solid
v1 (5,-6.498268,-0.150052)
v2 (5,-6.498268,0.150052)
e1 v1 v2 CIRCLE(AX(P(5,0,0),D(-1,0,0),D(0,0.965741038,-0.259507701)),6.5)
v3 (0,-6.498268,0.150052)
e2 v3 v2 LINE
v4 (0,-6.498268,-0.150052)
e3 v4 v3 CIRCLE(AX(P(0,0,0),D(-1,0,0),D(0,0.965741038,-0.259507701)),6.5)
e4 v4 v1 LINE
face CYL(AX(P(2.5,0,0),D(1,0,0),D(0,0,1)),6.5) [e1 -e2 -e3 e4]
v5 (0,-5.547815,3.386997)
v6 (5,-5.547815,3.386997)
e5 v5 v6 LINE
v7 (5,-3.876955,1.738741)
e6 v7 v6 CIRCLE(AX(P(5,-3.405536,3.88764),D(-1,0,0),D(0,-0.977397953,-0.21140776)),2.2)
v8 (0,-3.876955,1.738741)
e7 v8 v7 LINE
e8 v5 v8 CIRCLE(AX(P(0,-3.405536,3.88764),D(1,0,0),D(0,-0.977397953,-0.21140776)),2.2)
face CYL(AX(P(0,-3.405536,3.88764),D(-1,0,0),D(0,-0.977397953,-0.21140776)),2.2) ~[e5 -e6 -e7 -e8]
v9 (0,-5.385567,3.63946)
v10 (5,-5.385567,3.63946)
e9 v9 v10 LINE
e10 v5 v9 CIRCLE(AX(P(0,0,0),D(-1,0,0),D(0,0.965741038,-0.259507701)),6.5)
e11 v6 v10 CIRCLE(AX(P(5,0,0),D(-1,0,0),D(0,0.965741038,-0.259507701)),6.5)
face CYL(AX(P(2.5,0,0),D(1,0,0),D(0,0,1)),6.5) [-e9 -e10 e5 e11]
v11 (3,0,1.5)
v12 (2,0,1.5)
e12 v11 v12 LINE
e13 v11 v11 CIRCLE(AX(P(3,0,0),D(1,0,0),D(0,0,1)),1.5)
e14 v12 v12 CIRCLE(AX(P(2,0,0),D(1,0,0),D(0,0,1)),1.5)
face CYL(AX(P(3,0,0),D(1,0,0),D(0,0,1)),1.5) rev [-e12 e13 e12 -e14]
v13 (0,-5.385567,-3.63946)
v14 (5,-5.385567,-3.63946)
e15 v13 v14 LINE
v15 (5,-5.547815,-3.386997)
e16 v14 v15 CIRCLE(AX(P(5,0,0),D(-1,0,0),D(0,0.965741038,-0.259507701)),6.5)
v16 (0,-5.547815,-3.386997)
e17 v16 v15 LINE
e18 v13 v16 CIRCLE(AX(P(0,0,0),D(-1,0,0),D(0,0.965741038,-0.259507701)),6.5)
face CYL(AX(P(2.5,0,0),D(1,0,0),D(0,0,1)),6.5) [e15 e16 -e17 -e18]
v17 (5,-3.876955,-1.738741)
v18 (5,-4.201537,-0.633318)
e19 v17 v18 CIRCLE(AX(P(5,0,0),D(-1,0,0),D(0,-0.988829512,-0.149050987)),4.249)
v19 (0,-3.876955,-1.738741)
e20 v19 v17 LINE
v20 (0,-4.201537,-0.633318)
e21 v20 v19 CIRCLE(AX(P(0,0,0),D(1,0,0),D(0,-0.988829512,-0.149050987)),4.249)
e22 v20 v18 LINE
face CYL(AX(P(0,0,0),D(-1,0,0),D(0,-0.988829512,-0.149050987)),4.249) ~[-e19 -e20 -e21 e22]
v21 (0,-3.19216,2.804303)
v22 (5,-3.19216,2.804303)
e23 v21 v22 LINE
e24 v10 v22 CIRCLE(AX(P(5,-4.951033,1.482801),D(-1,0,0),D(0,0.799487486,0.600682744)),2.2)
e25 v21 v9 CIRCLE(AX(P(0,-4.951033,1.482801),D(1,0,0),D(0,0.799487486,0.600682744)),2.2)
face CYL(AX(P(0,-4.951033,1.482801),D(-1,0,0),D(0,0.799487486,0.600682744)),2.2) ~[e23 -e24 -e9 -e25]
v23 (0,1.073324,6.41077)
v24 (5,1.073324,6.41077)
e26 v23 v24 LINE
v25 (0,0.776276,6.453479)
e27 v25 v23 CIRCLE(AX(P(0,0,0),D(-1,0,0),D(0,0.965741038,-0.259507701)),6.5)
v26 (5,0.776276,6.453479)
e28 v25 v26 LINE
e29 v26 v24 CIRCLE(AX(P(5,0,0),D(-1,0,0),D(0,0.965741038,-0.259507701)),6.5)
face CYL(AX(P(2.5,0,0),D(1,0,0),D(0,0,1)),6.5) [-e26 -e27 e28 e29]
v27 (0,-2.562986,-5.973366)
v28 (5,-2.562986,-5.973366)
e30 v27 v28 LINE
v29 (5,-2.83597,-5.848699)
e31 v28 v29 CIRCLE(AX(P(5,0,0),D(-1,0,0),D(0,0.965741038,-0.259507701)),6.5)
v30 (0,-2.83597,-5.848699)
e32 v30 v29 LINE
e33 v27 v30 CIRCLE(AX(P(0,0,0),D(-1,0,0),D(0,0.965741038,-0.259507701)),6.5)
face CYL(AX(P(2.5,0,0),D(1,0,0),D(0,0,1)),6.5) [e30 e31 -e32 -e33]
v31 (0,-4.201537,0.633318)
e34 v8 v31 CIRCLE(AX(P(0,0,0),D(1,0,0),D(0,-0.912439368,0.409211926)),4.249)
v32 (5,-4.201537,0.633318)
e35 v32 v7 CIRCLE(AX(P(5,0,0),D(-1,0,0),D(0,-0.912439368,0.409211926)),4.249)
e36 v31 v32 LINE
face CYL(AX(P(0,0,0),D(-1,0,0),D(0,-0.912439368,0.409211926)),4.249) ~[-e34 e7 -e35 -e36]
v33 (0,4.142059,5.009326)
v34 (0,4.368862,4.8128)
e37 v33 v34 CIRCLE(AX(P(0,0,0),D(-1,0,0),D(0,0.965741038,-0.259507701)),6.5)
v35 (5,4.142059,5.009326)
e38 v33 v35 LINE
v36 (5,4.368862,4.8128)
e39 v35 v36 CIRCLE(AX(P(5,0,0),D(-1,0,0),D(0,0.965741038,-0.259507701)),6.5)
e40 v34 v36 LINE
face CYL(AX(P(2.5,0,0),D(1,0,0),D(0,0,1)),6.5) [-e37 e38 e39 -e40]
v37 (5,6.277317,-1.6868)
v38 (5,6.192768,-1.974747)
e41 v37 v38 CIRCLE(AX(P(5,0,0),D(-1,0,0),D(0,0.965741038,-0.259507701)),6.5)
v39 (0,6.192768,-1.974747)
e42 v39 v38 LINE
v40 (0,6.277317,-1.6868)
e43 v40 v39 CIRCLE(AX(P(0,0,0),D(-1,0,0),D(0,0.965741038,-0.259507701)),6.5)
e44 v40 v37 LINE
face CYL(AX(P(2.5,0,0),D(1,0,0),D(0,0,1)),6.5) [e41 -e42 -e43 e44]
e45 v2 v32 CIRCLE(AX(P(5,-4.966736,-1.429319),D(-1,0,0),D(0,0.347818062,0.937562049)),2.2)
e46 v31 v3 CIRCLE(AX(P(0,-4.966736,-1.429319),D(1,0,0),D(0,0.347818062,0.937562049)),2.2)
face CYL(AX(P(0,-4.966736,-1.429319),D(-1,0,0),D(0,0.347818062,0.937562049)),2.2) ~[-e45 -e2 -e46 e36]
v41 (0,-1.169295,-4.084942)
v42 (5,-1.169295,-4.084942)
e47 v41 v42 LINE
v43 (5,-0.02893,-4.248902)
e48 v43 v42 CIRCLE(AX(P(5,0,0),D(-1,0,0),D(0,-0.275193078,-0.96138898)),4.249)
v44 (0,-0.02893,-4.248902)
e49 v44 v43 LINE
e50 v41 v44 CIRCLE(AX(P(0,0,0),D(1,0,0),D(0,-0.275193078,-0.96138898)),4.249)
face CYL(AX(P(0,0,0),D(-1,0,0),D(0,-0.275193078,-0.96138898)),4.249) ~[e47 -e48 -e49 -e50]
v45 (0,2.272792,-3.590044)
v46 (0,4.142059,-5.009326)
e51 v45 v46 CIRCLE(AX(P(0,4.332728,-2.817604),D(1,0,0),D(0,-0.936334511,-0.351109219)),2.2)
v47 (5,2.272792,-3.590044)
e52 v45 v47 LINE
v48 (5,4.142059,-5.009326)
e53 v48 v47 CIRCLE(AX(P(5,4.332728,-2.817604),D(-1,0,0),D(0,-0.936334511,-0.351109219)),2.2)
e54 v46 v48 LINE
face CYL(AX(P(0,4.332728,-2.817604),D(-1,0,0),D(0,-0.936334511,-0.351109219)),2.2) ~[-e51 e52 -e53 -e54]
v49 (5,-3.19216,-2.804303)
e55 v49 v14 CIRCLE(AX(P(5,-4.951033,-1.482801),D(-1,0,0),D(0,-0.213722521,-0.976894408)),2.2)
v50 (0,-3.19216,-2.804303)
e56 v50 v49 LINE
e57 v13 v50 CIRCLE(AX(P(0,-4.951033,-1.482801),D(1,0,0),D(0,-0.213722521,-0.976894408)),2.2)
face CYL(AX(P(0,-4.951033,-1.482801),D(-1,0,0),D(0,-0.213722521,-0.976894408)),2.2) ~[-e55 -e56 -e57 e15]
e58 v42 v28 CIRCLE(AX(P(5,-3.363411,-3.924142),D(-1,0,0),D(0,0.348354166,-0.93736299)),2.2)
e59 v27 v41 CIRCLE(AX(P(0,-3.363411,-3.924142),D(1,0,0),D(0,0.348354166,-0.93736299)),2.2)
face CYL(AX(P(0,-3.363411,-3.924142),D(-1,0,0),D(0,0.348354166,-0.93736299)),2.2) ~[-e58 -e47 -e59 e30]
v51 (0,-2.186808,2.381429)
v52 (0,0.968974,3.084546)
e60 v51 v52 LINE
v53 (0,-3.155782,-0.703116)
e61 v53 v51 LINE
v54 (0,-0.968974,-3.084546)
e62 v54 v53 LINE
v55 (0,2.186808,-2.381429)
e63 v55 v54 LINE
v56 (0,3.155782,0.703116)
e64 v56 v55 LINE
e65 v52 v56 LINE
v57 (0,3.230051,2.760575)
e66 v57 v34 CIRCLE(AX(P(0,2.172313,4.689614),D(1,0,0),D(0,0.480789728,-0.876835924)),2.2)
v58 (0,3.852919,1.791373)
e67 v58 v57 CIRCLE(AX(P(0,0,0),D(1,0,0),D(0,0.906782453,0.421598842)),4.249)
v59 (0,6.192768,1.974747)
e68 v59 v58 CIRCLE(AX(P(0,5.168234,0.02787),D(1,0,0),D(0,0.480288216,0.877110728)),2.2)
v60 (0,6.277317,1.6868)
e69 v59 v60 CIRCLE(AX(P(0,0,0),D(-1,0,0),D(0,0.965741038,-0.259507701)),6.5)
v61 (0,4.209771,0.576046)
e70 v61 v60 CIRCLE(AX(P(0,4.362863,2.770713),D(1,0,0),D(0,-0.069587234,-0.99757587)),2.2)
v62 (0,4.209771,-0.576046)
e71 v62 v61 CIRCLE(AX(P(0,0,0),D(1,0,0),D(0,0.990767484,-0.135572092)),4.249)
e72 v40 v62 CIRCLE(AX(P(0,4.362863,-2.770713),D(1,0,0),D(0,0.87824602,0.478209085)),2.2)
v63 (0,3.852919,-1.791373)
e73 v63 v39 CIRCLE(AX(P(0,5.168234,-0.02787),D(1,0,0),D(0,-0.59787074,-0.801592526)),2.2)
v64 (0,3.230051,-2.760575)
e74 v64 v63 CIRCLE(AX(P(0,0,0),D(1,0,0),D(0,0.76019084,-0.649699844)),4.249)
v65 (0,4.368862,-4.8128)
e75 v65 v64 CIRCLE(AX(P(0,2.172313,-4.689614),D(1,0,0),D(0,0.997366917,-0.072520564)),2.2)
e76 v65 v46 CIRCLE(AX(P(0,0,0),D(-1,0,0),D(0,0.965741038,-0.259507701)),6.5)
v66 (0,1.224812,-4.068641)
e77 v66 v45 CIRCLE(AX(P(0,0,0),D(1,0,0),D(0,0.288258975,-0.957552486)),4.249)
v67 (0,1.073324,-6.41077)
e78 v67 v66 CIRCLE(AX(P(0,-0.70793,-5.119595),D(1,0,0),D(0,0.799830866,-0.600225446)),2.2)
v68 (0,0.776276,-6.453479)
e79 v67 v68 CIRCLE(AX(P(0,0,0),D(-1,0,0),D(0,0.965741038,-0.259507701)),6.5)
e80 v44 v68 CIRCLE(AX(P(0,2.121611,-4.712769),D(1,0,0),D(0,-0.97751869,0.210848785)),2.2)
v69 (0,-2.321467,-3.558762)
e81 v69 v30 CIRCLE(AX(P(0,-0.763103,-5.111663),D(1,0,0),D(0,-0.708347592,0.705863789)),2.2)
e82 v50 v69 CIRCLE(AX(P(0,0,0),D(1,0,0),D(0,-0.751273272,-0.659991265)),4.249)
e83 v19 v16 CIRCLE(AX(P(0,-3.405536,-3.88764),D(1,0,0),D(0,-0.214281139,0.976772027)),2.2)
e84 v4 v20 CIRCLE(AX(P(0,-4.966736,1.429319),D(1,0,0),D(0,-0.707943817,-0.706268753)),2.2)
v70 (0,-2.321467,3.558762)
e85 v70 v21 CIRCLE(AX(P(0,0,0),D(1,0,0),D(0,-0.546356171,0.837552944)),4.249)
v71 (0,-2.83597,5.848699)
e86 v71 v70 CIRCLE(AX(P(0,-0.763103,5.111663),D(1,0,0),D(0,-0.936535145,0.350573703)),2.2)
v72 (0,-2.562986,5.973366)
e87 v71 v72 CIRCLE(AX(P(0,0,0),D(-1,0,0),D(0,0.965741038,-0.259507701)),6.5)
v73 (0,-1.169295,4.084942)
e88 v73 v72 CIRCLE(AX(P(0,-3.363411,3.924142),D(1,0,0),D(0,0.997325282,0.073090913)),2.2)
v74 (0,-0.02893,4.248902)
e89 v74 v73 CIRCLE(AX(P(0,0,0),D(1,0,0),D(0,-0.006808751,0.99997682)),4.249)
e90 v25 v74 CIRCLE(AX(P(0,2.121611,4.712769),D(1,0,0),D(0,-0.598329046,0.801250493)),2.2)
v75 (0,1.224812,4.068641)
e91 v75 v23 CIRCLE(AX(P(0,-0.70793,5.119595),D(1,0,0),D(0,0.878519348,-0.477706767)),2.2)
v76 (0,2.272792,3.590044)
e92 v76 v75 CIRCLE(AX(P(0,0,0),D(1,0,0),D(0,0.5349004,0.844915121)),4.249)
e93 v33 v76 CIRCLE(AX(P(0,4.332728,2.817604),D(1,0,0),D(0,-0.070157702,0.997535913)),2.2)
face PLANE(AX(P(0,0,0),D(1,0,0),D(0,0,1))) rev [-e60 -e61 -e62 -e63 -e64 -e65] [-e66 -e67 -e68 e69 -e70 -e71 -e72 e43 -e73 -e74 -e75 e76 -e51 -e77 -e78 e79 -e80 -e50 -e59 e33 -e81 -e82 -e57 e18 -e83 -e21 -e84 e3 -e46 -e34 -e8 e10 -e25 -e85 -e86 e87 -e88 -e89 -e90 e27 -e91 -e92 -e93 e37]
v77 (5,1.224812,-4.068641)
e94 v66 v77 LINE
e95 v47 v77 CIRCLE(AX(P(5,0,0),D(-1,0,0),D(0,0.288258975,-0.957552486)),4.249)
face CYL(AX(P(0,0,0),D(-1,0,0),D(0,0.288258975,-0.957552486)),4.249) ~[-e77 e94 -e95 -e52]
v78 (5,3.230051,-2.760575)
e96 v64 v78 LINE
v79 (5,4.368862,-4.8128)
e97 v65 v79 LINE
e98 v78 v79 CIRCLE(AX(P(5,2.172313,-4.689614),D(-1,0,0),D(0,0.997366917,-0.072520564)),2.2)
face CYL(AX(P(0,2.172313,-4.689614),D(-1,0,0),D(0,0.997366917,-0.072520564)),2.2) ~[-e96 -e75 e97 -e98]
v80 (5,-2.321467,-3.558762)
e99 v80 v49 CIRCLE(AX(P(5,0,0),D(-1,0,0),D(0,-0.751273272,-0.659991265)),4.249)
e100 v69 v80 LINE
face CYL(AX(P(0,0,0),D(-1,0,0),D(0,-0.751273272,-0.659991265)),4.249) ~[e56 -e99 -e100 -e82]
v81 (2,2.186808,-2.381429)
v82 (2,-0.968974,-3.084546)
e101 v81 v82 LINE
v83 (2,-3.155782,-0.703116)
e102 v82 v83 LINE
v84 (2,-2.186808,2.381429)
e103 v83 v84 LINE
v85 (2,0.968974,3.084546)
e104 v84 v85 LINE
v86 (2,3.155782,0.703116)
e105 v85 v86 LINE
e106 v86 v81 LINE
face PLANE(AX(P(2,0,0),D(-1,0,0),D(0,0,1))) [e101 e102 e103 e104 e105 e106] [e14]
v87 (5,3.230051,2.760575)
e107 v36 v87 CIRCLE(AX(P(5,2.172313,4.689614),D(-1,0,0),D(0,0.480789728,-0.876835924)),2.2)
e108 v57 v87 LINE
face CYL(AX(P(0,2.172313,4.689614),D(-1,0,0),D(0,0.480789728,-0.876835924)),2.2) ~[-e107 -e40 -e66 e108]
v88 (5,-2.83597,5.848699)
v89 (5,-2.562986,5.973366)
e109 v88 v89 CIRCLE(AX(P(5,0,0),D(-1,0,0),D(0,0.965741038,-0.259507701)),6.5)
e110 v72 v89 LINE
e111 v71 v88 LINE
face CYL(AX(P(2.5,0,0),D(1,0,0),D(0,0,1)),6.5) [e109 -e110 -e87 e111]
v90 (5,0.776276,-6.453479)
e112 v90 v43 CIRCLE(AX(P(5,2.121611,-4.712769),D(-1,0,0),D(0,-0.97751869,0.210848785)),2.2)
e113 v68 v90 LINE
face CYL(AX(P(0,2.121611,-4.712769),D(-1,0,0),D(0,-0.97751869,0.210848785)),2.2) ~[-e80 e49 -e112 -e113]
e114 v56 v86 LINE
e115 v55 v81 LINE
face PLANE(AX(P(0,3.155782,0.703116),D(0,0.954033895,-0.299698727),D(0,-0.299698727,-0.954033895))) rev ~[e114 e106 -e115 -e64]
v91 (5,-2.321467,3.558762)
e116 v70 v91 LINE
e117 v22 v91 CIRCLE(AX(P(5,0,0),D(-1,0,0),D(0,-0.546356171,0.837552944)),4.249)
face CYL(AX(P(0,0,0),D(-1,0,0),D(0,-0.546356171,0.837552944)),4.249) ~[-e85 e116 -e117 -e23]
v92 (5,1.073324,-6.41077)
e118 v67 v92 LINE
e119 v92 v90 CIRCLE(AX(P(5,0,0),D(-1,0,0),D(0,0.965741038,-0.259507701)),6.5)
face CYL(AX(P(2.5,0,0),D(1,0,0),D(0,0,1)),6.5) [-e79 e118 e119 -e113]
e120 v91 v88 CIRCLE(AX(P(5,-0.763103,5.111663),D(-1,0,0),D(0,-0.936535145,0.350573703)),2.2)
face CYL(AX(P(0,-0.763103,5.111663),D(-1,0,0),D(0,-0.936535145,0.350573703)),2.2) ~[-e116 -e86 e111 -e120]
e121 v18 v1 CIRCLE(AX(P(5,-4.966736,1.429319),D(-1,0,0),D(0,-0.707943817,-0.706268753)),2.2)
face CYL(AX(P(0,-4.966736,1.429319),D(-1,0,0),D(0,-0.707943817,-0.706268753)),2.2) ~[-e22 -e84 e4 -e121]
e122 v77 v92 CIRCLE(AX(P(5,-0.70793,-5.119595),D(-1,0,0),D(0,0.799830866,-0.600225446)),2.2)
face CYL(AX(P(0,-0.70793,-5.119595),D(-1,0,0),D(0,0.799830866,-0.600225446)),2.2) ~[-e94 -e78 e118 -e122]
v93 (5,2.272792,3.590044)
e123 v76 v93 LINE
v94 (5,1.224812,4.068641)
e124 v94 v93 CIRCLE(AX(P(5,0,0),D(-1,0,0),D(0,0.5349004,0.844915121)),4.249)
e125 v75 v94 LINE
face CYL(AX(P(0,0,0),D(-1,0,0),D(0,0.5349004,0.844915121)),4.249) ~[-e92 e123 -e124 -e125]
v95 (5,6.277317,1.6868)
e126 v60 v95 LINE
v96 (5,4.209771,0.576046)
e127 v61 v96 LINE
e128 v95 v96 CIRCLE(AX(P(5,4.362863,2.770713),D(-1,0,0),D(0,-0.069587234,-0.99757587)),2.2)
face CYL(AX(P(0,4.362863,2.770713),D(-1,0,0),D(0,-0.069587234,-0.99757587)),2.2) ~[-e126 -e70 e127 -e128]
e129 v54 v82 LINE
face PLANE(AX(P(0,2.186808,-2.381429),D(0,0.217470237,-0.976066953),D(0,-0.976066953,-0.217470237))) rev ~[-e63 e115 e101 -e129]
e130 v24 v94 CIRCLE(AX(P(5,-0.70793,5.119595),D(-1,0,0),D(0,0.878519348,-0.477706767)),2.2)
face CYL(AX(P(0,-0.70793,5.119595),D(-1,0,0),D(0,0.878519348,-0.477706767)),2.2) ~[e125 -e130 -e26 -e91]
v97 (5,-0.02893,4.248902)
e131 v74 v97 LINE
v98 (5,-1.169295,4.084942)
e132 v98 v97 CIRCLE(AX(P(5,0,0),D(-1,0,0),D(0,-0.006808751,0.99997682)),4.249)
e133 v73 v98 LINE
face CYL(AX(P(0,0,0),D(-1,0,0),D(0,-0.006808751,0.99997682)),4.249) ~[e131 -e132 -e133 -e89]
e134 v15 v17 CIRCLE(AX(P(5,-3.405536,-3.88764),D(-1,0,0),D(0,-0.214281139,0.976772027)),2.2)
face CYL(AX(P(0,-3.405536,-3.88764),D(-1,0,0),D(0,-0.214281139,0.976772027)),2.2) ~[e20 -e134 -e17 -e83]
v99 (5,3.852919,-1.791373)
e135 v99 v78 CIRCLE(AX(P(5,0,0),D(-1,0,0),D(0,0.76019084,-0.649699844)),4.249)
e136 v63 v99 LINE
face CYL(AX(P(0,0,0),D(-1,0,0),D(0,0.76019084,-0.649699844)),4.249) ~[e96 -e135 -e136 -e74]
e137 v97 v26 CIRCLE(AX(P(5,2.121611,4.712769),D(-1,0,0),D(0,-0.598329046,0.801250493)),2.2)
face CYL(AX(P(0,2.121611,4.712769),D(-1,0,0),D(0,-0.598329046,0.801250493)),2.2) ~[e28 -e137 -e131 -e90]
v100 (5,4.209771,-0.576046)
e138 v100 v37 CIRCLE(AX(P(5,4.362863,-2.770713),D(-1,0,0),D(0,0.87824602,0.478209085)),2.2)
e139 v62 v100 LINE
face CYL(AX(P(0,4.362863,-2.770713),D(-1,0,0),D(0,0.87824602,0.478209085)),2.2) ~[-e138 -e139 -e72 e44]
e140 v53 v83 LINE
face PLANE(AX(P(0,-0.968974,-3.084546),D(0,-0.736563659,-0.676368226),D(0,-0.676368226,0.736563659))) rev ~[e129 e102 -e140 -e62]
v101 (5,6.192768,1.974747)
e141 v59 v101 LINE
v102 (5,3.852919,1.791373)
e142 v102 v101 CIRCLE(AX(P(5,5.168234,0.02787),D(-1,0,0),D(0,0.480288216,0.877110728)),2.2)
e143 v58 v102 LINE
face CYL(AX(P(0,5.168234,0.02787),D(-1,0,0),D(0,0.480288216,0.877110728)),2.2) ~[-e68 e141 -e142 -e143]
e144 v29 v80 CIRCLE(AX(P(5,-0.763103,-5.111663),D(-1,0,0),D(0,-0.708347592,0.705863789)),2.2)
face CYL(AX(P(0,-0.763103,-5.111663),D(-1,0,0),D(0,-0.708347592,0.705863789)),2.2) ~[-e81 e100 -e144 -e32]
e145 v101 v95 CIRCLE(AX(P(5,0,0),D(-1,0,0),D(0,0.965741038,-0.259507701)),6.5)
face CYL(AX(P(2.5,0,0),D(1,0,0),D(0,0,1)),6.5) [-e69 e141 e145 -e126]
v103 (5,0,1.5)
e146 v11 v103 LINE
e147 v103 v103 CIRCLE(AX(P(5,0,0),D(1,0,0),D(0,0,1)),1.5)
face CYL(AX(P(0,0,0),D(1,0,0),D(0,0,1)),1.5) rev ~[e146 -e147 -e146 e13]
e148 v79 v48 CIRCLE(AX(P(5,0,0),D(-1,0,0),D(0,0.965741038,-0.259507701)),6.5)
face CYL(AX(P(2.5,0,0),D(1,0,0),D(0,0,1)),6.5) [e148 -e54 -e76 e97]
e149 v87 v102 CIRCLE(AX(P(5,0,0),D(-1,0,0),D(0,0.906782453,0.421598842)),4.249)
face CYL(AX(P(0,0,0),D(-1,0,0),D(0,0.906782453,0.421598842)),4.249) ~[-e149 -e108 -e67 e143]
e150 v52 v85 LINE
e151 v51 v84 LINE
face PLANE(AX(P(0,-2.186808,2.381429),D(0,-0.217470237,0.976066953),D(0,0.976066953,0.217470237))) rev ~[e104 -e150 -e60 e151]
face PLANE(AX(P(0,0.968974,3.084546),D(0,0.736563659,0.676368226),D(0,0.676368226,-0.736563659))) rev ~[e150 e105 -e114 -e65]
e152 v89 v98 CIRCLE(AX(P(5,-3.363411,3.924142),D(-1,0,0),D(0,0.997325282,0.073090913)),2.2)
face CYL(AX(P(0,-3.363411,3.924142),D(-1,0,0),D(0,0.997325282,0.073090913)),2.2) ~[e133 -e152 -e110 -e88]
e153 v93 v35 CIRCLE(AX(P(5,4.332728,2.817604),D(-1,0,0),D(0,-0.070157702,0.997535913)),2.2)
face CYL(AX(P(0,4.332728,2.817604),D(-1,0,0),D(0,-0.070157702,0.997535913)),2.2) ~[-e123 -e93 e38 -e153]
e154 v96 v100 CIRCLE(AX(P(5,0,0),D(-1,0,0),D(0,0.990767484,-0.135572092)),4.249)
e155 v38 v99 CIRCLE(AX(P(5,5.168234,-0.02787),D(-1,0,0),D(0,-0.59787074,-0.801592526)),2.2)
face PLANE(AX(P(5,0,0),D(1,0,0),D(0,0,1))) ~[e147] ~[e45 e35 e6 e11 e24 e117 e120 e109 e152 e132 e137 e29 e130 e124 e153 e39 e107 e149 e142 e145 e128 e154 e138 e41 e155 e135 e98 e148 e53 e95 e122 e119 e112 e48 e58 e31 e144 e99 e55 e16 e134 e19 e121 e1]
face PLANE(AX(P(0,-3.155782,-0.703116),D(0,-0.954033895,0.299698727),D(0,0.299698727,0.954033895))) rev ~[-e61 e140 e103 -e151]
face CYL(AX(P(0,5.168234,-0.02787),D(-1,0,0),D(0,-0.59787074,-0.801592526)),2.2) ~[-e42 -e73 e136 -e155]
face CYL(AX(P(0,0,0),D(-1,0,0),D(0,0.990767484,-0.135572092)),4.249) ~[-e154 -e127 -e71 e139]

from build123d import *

# Parameters (mm, degrees)
BASPROSKE_W             = 5
BASPROSKE_H             = 6.5
TOOTHCUT_DEPTH          = 11.464224768
TEETHCUTS_COUNT         = 11
TEETHCUTS_ANGLE         = 327.272727273
BORSKE_R                = 1.5
BORE_DEPTH              = 50.0000508
ESQUISSE1_R             = 2.75
ENL_V_MAT_EXTRU_1_DEPTH = 3
ESQUISSE2_R             = 2.75
ESQUISSE2_R_2           = 1.5
BOSS_EXTRU_1_DEPTH      = 3
ENL_V_MAT_EXTRU_2_DEPTH = 2


with BuildPart() as part:
    # BasProSke → Base-Revolve (revolve)
    with BuildSketch(Plane(origin=(0, 0, 0), x_dir=(1, 0, 0), z_dir=(0, 1, 0)), mode=Mode.PRIVATE) as base_revolve_sk:
        with Locations((2.5, 3.25)):
            Rectangle(BASPROSKE_W, BASPROSKE_H)
    revolve(base_revolve_sk.sketch.rotate(Axis((-10, 0, 0), (1, 0, 0)), 180), axis=Axis((-10, 0, 0), (1, 0, 0)))

    # TooCutSke → ToothCut (cut, through all)
    with BuildSketch(Plane(origin=(0, 0, 0), x_dir=(0, 0, -1), z_dir=(1, 0, 0))):
        with BuildLine():
            ThreePointArc((0.576045815, 4.209771041), (0, 4.249), (-0.576045815, 4.209771041))
            ThreePointArc((-0.576045815, 4.209771041), (-0.841371334, 5.420048739), (-1.718652745, 6.295004202))
            ThreePointArc((-1.718652745, 6.295004202), (0, 6.5254), (1.718652745, 6.295004202))
            ThreePointArc((1.718652745, 6.295004202), (0.841371334, 5.420048739), (0.576045815, 4.209771041))
        make_face()
    toothcut = extrude(amount=TOOTHCUT_DEPTH, mode=Mode.SUBTRACT)

    # TeethCuts: ToothCut ×11 about axis
    teethcuts_axis = Axis((-10, 0, 0), (1, 0, 0))
    for i in range(1, TEETHCUTS_COUNT):
        add(toothcut.rotate(teethcuts_axis, i * TEETHCUTS_ANGLE / (TEETHCUTS_COUNT - 1)), mode=Mode.SUBTRACT)

    # BorSke → Bore (cut, symmetric)
    with BuildSketch(Plane(origin=(0, 0, 0), x_dir=(0, 0, -1), z_dir=(1, 0, 0))):
        with Locations(Location((0, 0, 0), (0, 0, 180))):
            Circle(BORSKE_R)
    extrude(amount=BORE_DEPTH, both=True, mode=Mode.SUBTRACT)

    # Esquisse1 → Enlèv. mat.-Extru.1 (cut)
    with BuildSketch(Plane.ZY):
        Circle(ESQUISSE1_R)
    extrude(amount=-ENL_V_MAT_EXTRU_1_DEPTH, mode=Mode.SUBTRACT)

    # Esquisse2 → Boss.-Extru.1 (add)
    with BuildSketch(Plane.ZY.offset(-3)):
        Circle(ESQUISSE2_R)
        Circle(ESQUISSE2_R_2, mode=Mode.SUBTRACT)
    extrude(amount=BOSS_EXTRU_1_DEPTH)

    # Esquisse3 → Enlèv. mat.-Extru.2 (cut)
    with BuildSketch(Plane.ZY):
        Polygon((2.381429268, -2.186807713), (3.084545667, 0.968974387), (0.703116398, 3.1557821), (-2.381429268, 2.186807713), (-3.084545667, -0.968974387), (-0.703116398, -3.1557821), align=None)
    extrude(amount=-ENL_V_MAT_EXTRU_2_DEPTH, mode=Mode.SUBTRACT)


solid = part.part
